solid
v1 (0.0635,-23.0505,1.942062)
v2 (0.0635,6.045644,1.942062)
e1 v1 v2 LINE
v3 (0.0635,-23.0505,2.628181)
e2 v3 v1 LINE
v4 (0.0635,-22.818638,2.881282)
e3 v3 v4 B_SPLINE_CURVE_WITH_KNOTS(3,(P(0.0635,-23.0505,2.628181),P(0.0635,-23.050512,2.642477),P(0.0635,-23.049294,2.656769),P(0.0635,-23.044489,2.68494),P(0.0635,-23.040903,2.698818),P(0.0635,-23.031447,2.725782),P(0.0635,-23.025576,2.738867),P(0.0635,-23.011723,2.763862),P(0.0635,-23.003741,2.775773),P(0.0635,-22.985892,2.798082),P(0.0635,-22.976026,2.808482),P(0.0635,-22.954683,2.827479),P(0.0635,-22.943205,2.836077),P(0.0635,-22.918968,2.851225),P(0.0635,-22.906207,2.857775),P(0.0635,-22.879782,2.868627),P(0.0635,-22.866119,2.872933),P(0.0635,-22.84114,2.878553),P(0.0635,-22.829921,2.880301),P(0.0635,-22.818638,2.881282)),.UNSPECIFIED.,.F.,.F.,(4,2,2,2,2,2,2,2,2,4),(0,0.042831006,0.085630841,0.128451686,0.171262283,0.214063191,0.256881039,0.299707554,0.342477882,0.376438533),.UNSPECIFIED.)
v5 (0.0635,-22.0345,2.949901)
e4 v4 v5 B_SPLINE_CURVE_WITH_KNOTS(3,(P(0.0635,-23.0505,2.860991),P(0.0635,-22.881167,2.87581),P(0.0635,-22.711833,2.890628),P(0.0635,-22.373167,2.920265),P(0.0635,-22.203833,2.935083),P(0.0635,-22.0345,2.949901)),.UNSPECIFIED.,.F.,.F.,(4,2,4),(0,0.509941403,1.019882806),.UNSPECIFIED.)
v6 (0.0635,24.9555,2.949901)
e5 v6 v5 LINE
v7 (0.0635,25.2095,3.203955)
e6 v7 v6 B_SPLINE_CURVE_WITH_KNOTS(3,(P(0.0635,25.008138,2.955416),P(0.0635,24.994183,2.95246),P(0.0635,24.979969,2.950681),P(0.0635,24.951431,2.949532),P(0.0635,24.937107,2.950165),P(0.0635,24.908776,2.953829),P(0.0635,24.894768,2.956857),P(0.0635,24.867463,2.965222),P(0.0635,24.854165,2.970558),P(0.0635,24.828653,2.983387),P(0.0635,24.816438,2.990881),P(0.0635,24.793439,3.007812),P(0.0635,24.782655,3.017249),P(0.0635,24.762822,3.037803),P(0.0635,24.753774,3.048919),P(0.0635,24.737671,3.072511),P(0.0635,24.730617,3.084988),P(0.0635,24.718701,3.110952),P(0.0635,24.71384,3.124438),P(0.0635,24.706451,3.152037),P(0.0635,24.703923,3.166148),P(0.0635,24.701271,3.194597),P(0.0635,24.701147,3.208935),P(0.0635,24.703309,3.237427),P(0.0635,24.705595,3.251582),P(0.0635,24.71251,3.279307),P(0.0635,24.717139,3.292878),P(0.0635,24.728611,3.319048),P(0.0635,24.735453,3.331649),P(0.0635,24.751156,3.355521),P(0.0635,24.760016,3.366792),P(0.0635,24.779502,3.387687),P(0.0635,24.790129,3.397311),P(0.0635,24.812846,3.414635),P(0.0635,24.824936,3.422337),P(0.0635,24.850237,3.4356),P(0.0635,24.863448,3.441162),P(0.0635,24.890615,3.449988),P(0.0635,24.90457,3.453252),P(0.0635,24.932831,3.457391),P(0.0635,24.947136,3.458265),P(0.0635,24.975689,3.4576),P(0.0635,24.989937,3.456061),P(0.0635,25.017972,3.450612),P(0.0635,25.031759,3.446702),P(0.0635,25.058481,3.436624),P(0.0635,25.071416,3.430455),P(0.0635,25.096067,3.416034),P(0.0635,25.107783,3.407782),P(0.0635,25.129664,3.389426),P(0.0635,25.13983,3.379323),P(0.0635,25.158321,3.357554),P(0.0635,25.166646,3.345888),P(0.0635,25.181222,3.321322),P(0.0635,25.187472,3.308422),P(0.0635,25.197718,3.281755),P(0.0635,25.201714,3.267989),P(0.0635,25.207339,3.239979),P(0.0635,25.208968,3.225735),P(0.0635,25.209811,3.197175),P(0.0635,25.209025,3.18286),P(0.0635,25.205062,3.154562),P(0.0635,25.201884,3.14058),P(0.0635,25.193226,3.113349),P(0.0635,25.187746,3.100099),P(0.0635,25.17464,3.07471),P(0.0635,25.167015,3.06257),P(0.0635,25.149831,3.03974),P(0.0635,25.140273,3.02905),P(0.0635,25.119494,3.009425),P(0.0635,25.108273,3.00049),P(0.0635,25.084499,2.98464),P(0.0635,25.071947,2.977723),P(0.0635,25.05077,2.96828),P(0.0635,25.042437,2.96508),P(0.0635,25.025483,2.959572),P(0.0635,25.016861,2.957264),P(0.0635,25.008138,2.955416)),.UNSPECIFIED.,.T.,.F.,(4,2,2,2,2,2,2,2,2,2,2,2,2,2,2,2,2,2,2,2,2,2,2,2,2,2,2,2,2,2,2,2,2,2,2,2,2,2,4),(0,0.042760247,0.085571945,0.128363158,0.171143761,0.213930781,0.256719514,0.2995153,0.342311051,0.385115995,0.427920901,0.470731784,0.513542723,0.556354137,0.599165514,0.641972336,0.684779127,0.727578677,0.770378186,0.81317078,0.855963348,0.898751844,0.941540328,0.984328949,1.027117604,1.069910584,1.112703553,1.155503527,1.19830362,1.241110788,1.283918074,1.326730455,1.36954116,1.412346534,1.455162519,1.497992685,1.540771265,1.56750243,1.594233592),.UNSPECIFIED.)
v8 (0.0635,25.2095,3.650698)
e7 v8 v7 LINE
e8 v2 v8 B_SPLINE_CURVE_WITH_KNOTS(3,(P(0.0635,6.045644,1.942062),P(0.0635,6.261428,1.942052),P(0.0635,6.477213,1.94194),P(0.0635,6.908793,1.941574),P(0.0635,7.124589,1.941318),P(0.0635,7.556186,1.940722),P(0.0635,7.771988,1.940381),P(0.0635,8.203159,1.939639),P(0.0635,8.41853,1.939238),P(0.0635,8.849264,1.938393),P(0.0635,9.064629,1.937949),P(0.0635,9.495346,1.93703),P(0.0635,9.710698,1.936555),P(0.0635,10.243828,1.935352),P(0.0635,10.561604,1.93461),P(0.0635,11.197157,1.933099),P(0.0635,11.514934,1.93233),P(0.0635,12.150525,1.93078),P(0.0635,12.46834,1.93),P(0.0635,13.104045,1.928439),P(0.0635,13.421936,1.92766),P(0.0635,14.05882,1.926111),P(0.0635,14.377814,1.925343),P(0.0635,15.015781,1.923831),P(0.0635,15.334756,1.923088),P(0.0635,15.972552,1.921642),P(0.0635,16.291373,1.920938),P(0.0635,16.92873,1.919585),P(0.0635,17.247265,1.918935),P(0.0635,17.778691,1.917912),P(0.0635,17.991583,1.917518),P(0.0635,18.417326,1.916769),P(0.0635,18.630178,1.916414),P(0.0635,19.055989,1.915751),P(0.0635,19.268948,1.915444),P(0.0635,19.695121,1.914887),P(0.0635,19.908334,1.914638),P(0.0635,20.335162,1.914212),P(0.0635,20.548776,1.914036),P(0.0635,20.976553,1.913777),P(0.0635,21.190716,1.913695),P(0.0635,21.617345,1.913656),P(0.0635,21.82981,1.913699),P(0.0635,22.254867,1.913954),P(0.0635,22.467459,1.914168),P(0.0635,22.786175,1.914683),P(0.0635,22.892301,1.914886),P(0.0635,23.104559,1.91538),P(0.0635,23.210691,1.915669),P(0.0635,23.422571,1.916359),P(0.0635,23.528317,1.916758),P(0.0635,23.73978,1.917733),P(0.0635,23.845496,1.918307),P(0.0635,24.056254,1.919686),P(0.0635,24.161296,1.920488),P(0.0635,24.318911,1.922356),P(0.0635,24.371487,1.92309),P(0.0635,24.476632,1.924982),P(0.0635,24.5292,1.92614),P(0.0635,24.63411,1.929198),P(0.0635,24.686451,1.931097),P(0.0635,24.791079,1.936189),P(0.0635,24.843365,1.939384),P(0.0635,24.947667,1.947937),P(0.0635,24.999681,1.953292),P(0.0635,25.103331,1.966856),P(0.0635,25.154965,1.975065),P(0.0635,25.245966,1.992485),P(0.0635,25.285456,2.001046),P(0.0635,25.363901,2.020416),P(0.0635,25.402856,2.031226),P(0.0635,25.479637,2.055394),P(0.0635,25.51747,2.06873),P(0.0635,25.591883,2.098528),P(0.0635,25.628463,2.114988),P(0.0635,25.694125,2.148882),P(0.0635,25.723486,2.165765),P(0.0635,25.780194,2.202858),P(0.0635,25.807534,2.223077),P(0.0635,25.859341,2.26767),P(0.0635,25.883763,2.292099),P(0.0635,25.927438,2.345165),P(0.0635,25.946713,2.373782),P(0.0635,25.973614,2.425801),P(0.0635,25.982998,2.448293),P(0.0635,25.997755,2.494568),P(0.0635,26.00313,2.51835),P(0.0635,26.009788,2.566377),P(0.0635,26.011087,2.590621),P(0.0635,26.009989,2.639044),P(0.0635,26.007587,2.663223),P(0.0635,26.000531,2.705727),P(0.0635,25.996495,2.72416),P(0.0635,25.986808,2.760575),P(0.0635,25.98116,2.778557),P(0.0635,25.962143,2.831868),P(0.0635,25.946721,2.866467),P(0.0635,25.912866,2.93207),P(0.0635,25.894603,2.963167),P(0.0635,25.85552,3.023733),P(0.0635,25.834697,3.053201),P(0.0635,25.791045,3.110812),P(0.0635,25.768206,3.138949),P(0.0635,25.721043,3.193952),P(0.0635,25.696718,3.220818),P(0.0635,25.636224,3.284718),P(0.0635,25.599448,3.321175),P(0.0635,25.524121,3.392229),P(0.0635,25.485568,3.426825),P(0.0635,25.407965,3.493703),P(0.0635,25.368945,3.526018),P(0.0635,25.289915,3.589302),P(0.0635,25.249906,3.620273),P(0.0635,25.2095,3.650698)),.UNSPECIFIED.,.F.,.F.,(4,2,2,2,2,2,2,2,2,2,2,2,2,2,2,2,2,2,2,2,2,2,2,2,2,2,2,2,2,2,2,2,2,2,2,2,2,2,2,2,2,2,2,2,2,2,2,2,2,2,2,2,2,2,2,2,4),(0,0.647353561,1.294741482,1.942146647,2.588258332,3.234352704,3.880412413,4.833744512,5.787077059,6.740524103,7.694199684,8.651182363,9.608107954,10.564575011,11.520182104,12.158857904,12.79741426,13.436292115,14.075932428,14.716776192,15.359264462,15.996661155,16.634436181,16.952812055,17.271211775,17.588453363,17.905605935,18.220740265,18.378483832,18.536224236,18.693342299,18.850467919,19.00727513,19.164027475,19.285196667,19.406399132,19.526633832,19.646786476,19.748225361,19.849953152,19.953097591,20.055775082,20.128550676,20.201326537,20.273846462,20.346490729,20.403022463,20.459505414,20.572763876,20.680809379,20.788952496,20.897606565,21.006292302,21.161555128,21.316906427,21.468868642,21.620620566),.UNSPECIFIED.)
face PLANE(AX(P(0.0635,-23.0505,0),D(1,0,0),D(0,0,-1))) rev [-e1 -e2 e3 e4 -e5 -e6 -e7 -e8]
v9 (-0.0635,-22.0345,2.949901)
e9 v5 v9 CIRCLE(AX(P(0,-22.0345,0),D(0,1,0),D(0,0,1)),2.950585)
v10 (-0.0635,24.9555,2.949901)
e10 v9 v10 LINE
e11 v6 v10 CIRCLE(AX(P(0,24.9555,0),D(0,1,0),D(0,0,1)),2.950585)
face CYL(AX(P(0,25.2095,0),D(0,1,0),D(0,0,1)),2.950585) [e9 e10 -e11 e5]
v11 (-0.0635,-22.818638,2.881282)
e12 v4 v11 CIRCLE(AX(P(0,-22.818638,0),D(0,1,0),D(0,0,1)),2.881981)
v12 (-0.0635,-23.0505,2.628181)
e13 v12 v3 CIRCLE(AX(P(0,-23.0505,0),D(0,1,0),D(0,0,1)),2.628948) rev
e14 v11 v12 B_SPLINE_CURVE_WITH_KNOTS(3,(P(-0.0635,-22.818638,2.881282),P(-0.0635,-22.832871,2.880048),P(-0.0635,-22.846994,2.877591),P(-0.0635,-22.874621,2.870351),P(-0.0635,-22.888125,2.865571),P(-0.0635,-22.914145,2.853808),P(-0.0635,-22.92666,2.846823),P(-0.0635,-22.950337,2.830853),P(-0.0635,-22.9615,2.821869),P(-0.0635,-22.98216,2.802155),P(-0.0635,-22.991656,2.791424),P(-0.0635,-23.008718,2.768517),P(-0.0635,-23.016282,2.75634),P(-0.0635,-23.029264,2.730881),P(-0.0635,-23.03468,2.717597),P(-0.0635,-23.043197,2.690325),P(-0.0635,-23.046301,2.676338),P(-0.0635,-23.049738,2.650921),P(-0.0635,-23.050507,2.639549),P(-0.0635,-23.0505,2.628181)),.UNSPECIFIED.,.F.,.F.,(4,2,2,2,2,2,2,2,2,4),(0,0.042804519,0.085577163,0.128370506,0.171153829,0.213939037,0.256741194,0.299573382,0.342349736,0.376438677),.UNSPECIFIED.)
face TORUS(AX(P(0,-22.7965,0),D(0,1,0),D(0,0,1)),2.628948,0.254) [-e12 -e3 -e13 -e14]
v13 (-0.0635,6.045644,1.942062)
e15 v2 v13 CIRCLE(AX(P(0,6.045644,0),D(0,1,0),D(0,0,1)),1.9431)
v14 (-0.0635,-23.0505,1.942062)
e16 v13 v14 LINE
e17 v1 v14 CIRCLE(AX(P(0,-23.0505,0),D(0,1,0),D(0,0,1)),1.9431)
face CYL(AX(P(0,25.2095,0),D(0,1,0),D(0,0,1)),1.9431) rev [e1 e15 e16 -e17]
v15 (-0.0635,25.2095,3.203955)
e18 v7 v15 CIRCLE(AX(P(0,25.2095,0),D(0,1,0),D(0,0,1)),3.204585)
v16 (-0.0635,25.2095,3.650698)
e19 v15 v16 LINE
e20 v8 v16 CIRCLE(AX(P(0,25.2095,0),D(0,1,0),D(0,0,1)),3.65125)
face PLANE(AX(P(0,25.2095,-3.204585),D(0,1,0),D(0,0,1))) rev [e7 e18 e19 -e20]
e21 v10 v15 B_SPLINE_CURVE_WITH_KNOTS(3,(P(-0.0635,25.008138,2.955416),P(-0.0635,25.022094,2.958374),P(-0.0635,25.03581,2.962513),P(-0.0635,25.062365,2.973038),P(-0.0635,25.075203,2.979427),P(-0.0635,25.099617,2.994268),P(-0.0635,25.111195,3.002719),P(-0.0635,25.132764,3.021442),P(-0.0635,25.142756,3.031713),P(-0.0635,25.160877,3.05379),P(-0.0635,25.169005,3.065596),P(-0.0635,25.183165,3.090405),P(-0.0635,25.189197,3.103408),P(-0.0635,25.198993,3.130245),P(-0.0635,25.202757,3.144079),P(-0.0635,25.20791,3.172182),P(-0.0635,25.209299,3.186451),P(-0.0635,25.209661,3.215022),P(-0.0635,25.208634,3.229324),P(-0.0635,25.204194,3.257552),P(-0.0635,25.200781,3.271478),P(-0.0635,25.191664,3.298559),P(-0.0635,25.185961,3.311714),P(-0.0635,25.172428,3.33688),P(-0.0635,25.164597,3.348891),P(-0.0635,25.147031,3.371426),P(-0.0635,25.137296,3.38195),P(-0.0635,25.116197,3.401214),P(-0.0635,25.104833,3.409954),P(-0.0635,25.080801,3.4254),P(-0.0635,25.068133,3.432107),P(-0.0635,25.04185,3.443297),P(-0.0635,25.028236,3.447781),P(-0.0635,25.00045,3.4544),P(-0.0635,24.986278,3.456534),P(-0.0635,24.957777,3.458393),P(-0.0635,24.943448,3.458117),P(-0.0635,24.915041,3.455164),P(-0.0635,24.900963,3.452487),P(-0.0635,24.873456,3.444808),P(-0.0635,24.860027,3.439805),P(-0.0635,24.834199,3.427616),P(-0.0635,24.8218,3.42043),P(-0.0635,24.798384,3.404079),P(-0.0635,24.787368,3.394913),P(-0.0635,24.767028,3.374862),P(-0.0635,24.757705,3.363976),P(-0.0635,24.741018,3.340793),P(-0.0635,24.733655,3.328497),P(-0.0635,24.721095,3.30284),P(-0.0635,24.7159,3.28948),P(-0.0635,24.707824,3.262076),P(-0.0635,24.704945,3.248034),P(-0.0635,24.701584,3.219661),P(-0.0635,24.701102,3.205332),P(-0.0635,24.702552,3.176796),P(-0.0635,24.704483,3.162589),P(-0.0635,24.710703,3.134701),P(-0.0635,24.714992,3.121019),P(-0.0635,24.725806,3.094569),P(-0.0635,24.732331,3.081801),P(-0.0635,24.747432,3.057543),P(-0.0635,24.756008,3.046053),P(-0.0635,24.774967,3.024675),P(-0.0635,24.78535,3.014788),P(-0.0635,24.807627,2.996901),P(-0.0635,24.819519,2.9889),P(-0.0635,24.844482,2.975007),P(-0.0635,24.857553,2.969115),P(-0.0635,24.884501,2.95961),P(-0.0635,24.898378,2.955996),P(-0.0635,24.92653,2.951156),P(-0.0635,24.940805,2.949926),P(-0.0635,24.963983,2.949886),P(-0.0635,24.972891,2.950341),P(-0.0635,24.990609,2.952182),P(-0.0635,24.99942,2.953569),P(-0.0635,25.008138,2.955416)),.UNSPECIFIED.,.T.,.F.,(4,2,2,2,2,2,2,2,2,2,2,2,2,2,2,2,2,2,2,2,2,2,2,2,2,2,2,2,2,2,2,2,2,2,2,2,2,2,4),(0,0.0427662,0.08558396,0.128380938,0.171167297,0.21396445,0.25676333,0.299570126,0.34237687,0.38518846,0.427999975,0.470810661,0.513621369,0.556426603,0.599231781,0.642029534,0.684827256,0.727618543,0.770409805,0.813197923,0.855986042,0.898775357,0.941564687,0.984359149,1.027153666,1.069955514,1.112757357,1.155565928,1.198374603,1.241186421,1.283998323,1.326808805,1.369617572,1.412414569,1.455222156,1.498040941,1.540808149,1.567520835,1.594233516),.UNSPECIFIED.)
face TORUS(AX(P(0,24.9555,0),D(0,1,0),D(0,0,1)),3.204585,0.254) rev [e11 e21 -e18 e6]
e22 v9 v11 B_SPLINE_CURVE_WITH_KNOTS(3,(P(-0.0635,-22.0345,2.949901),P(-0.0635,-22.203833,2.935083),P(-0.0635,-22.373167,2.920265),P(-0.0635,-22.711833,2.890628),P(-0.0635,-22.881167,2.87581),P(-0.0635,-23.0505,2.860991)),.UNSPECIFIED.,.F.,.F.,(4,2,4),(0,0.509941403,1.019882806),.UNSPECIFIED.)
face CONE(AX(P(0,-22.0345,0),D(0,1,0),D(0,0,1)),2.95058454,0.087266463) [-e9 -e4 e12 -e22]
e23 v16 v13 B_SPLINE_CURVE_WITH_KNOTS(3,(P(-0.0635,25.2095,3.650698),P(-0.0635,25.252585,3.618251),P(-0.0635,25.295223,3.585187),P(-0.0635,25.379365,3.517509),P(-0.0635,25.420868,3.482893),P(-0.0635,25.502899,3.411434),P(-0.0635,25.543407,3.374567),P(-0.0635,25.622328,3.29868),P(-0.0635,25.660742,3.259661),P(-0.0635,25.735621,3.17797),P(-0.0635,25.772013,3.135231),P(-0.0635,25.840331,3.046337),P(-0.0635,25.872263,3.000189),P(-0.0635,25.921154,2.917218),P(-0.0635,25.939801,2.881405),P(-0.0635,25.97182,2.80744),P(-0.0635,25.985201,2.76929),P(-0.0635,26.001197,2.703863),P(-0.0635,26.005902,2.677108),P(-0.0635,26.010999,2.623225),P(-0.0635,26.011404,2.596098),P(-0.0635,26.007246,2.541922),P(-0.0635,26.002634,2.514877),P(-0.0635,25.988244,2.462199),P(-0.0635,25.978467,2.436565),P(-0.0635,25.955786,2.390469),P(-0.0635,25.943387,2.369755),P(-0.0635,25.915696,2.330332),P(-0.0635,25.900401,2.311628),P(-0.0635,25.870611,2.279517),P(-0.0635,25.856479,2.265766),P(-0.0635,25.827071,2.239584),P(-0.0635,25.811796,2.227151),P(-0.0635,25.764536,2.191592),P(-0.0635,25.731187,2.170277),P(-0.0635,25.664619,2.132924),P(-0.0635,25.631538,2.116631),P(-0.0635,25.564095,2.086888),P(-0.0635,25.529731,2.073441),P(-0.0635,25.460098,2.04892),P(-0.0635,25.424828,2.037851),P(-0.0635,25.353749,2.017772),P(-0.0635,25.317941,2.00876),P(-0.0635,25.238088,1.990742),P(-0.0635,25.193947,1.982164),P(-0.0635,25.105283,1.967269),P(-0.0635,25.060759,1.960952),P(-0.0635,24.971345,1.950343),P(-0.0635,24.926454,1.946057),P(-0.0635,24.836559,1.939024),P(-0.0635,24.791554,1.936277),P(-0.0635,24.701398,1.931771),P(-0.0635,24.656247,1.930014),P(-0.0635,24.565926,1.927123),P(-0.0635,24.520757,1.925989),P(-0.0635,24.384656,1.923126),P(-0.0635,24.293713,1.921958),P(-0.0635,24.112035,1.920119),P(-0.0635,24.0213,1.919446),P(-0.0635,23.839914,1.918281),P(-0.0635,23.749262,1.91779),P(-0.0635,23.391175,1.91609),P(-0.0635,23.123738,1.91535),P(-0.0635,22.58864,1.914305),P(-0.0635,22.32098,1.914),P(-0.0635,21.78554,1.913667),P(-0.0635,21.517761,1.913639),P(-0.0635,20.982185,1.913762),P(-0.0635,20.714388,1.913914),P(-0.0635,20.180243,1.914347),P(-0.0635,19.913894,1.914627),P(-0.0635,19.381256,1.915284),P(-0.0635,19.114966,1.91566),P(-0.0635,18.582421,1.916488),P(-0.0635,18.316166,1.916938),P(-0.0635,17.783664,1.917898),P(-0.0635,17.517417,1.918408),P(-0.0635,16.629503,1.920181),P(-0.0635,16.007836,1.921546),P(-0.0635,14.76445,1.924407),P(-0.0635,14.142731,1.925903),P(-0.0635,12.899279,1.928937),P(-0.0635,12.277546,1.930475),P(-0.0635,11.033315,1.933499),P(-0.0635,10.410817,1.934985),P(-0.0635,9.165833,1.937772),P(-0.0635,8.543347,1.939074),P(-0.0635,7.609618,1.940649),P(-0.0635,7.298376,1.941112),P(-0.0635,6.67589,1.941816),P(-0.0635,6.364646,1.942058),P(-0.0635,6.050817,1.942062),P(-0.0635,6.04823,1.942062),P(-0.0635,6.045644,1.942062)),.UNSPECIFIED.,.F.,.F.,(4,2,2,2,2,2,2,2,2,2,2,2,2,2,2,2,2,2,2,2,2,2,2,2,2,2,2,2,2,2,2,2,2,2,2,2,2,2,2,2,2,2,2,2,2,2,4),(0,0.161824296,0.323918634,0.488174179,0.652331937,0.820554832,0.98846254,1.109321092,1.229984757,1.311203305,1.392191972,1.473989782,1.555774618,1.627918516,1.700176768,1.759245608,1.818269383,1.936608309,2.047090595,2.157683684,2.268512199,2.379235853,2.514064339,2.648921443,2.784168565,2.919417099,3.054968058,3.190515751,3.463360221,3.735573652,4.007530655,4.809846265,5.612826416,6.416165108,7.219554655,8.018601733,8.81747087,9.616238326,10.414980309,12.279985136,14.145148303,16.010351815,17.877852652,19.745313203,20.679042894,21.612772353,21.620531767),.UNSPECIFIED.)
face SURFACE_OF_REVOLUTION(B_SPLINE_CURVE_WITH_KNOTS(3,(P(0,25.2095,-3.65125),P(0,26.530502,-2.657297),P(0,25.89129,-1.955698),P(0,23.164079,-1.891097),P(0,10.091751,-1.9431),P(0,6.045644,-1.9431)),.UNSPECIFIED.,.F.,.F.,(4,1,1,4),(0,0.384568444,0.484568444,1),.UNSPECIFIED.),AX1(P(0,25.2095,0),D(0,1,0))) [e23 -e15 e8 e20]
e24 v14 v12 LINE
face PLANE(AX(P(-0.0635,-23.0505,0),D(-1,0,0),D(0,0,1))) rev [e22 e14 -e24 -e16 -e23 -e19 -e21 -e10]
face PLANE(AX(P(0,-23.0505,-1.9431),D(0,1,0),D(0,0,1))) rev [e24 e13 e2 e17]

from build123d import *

# Parameters (mm, degrees)
CUT_EXTRUDE1_DEPTH      = 27.518252873
CUT_EXTRUDE1_DEPTH_BACK = 27.518252873
SKETCH4_W               = 0.127
SKETCH4_H               = 4.445496727
CHAMFER1_SIZE           = 1.016
CHAMFER1_SIZE2          = 0.088888482
FILLET1_R               = 0.254


with BuildPart() as part:
    # Sketch3 → Revolve1 (revolve)
    with BuildSketch(Plane(origin=(0, 0, 0), x_dir=(0, 0, -1), z_dir=(1, 0, 0)), mode=Mode.PRIVATE) as revolve1_sk:
        with BuildLine():
            Line((1.9431, -9.0805), (1.9431, 6.045643841))
            add(Edge.make_bspline(
                [(1.9431, 6.045643841), (1.9431, 10.091751432), (1.891096799, 23.164078911), (1.955698004, 25.891289644), (2.657297247, 26.530501845), (3.65125, 25.2095)],
                knots=[0, 0, 0, 0, 0.515431556, 0.615431556, 1, 1, 1, 1], degree=3))
            Line((3.65125, 25.2095), (3.20458454, 25.2095))
            ThreePointArc((3.20458454, 25.2095), (3.024979417, 25.135105122), (2.95058454, 24.9555))
            Line((2.95058454, 24.9555), (2.95058454, 24.211681499))
            Line((2.95058454, 24.211681499), (2.95058454, -9.0805))
            Line((2.95058454, -9.0805), (2.95058454, -23.0505))
            Line((2.95058454, -23.0505), (1.9431, -23.0505))
            Line((1.9431, -23.0505), (1.9431, -9.0805))
        make_face()
    revolve(revolve1_sk.sketch.rotate(Axis((0, 25.2095, 0), (0, -1, 0)), 180), axis=Axis((0, 25.2095, 0), (0, -1, 0)))

    # Sketch4 → Cut-Extrude1 (cut, two sides: drawn at the far end of the back side and taken through both)
    with BuildSketch(Plane(origin=(0, 0, 0), x_dir=(1, 0, 0), z_dir=(0, 1, 0)).offset(-CUT_EXTRUDE1_DEPTH_BACK)):
        with Locations((0, -2.222748364)):
            Rectangle(SKETCH4_W, SKETCH4_H)
    extrude(amount=CUT_EXTRUDE1_DEPTH + CUT_EXTRUDE1_DEPTH_BACK, mode=Mode.SUBTRACT)

    # Chamfer1
    chamfer1_edges = [part.edges().sort_by_distance(p)[0] for p in [
        (0, -23.0505, -2.95058454),
    ]]
    chamfer1_side = [part.faces().sort_by_distance(p)[0] for p in [
        (0, 0.9525, -2.95058454),
    ]]
    chamfer(chamfer1_edges, length=CHAMFER1_SIZE, length2=CHAMFER1_SIZE2, reference=chamfer1_side[0])

    # Fillet1
    fillet1_edges = [part.edges().sort_by_distance(p)[0] for p in [
        (0, -23.0505, -2.861696057),
    ]]
    fillet(fillet1_edges, radius=FILLET1_R)


solid = part.part
